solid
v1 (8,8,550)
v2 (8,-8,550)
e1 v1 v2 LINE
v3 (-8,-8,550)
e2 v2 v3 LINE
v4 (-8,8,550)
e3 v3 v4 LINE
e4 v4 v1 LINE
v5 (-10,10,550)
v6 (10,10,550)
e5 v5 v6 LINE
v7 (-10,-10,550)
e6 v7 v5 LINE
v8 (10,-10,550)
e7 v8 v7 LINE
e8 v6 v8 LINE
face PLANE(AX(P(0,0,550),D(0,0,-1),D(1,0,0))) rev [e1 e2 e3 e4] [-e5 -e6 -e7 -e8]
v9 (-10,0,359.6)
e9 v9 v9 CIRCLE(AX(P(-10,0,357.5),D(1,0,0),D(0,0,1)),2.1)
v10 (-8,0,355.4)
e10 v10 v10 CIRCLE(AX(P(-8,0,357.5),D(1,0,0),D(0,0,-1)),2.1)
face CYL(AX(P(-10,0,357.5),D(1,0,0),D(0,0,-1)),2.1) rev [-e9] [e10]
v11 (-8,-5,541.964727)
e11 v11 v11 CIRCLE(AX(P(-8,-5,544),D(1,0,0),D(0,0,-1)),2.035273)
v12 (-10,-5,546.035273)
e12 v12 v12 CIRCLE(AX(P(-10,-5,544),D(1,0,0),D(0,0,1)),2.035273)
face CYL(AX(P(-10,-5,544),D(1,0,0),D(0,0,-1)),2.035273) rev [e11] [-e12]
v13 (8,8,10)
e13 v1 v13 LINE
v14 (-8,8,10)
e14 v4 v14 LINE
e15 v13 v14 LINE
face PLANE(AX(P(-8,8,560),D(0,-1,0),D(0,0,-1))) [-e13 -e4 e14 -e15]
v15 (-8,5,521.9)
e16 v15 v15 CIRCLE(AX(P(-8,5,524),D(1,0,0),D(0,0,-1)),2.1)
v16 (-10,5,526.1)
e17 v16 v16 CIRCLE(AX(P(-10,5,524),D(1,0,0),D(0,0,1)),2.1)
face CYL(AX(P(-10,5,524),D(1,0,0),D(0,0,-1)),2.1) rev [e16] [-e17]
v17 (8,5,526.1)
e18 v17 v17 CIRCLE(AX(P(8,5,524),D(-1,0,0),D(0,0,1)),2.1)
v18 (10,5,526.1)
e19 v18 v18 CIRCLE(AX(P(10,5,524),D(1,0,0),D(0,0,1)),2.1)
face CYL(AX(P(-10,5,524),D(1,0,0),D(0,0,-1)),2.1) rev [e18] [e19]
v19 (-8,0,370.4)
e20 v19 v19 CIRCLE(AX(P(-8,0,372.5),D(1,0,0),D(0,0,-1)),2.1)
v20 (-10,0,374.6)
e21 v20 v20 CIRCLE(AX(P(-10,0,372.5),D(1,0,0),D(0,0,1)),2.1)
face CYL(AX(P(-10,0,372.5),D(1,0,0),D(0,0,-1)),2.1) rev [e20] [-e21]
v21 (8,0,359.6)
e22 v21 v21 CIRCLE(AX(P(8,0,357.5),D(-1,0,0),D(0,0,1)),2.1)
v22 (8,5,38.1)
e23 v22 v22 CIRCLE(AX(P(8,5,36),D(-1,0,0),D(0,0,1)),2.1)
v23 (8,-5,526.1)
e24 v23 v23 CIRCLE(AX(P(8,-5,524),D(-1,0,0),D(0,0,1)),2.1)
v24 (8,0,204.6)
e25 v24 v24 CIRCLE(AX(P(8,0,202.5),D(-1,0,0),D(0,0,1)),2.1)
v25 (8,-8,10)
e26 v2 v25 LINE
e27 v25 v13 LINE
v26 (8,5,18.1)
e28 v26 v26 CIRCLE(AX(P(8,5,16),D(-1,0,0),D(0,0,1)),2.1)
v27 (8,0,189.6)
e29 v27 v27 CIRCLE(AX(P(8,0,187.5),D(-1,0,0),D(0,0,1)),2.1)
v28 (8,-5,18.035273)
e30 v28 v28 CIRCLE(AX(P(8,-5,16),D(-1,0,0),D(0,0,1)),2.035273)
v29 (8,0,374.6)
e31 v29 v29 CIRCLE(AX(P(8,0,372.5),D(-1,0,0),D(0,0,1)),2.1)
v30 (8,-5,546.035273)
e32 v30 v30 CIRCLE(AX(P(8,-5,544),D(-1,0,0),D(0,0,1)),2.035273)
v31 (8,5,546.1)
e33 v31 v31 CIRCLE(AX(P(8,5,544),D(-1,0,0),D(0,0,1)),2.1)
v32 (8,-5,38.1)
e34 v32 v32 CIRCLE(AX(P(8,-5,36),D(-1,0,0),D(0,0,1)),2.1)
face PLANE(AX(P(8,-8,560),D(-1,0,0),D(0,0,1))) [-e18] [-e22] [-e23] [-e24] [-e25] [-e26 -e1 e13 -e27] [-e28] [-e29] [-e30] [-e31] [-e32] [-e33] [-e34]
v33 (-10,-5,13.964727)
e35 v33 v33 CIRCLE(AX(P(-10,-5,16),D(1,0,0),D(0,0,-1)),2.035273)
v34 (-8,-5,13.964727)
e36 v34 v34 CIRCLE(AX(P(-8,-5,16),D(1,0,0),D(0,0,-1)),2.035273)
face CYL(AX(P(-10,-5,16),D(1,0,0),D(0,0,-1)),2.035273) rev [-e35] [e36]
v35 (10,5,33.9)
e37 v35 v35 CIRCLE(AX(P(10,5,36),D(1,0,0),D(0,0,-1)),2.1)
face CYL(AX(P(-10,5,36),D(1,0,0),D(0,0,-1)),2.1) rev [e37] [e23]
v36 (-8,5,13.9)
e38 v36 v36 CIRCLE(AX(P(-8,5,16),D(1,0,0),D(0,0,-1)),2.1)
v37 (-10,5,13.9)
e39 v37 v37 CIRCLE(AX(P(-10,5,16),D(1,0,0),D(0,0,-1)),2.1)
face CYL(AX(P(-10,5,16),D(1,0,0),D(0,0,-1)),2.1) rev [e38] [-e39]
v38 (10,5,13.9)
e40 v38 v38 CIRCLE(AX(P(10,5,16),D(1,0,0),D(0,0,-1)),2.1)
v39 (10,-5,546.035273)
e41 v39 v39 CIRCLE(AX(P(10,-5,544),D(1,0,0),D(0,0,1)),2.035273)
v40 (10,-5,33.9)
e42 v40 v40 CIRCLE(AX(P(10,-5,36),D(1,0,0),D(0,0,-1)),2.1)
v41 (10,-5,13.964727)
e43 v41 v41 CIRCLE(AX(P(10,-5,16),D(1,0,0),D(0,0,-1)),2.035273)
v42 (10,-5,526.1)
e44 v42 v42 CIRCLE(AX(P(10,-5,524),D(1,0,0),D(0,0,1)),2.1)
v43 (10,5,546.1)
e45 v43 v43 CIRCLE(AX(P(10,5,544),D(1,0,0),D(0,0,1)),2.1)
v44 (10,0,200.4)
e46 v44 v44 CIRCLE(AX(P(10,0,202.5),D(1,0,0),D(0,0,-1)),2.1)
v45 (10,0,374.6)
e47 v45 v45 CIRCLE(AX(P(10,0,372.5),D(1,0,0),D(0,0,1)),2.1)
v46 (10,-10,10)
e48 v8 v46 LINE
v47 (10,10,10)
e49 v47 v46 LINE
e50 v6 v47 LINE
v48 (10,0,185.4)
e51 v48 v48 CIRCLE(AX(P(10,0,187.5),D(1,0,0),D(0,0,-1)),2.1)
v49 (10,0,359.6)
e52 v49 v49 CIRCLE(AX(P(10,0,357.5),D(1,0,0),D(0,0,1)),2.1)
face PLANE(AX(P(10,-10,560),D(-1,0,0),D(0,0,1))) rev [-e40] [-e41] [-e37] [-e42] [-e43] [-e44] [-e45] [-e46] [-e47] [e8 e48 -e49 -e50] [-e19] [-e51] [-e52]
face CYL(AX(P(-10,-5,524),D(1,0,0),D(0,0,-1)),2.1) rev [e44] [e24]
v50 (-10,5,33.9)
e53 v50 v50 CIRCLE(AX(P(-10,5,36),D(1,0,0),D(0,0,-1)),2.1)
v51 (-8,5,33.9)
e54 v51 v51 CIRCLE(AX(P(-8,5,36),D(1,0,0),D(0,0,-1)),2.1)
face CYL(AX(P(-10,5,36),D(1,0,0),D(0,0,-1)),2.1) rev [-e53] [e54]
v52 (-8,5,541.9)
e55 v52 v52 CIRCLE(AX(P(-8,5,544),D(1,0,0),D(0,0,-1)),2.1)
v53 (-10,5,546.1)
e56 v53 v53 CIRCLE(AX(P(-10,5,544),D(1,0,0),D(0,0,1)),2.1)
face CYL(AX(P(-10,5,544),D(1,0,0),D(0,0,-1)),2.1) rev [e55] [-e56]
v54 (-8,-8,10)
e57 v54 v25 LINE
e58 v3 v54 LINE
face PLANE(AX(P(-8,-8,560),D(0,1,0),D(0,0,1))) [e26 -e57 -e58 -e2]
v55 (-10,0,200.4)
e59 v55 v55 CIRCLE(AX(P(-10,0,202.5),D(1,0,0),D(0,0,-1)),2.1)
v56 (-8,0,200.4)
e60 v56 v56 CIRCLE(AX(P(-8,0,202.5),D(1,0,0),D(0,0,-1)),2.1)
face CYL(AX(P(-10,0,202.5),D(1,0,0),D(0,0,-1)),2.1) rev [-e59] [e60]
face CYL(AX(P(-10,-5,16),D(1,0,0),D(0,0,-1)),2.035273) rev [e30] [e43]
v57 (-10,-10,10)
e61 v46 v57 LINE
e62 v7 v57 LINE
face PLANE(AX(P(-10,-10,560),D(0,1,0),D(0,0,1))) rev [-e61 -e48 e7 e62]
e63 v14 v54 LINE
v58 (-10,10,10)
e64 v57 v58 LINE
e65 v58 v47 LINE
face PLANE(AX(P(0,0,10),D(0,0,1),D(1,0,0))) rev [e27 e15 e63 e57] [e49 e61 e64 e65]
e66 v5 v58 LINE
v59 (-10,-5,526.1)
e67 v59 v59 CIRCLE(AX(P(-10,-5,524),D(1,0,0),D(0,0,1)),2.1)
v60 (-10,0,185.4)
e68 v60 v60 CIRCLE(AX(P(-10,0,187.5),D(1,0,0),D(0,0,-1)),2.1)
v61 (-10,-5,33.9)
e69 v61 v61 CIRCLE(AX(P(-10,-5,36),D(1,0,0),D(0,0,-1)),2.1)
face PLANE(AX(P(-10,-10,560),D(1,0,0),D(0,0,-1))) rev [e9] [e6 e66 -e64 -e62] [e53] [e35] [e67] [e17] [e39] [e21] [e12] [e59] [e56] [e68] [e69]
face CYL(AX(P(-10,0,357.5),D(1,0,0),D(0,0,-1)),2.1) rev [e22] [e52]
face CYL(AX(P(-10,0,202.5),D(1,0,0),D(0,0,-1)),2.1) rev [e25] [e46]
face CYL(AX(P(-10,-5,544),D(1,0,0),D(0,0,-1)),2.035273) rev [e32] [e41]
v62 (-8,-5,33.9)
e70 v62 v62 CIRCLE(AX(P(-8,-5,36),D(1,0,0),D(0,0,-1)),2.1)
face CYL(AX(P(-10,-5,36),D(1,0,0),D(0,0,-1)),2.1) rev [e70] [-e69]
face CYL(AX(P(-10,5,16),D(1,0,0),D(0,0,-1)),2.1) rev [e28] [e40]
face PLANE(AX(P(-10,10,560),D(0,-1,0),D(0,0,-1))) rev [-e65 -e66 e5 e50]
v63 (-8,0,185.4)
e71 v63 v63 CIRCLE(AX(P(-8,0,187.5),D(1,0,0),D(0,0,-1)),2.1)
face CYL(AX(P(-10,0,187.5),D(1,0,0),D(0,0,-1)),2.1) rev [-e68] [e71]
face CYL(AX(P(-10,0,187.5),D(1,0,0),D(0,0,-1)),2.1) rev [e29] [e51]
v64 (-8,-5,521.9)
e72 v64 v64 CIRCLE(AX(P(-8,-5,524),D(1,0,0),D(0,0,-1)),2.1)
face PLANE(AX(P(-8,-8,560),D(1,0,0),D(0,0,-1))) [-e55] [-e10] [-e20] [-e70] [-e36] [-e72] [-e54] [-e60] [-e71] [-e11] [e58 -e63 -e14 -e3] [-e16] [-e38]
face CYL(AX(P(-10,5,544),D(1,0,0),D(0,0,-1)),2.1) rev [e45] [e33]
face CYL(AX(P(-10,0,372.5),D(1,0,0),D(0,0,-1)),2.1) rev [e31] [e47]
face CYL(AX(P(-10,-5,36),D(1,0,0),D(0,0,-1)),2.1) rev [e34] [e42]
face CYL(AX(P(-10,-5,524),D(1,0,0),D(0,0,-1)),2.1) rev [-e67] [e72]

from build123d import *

# Parameters (mm, degrees)
SKETCH_1_W          = 20
SKETCH_1_H          = 20
SKETCH_1_W_2        = 16
SKETCH_1_H_2        = 16
EXTRUDE_1_DEPTH     = 560
SKETCH_2_W          = 20
SKETCH_2_H          = 20
CUT_EXTRUDE_1_DEPTH = 10
SKETCH_3_R          = 2.1
SKETCH_3_R_2        = 2.035272785
CUT_EXTRUDE_2_DEPTH = 551.454357781
SKETCH_4_R          = 2.1
CUT_EXTRUDE_3_DEPTH = 551.454357781


with BuildPart() as part:
    # 草图1 → 凸台-拉伸1 (new body)
    with BuildSketch(Plane.XY):
        Rectangle(SKETCH_1_W, SKETCH_1_H)
        Rectangle(SKETCH_1_W_2, SKETCH_1_H_2, mode=Mode.SUBTRACT)
    extrude(amount=EXTRUDE_1_DEPTH)

    # 草图2 → 切除-拉伸1 (cut)
    with BuildSketch(Plane(origin=(0, 0, 0), x_dir=(-1, 0, 0), z_dir=(0, 0, -1))):
        Rectangle(SKETCH_2_W, SKETCH_2_H)
    cut_extrude_1 = extrude(amount=-CUT_EXTRUDE_1_DEPTH, mode=Mode.SUBTRACT)

    # 镜向1: 切除-拉伸1 across plane
    add(cut_extrude_1.mirror(Plane(origin=(-40, 280, 280), x_dir=(1, 0, 0), z_dir=(0, 0, 1))), mode=Mode.SUBTRACT)

    # 草图3 → 切除-拉伸2 (cut, through all)
    with BuildSketch(Plane(origin=(10, 0, 0), x_dir=(0, 0, -1), z_dir=(1, 0, 0))):
        with Locations((-16, 5)):
            Circle(SKETCH_3_R)
        with Locations((-16, -5)):
            Circle(SKETCH_3_R_2)
        with Locations((-36, 5)):
            Circle(SKETCH_3_R)
        with Locations((-36, -5)):
            Circle(SKETCH_3_R)
        with Locations((-544, 5)):
            Circle(SKETCH_3_R)
        with Locations((-544, -5)):
            Circle(SKETCH_3_R_2)
        with Locations((-524, -5)):
            Circle(SKETCH_3_R)
        with Locations((-524, 5)):
            Circle(SKETCH_3_R)
    extrude(amount=-CUT_EXTRUDE_2_DEPTH, mode=Mode.SUBTRACT)

    # 草图4 → 切除-拉伸3 (cut, through all)
    with BuildSketch(Plane(origin=(10, 0, 0), x_dir=(0, 0, -1), z_dir=(1, 0, 0))):
        with Locations((-187.5, 0)):
            Circle(SKETCH_4_R)
        with Locations((-202.5, 0)):
            Circle(SKETCH_4_R)
        with Locations((-357.5, 0)):
            Circle(SKETCH_4_R)
        with Locations((-372.5, 0)):
            Circle(SKETCH_4_R)
    extrude(amount=-CUT_EXTRUDE_3_DEPTH, mode=Mode.SUBTRACT)


solid = part.part
